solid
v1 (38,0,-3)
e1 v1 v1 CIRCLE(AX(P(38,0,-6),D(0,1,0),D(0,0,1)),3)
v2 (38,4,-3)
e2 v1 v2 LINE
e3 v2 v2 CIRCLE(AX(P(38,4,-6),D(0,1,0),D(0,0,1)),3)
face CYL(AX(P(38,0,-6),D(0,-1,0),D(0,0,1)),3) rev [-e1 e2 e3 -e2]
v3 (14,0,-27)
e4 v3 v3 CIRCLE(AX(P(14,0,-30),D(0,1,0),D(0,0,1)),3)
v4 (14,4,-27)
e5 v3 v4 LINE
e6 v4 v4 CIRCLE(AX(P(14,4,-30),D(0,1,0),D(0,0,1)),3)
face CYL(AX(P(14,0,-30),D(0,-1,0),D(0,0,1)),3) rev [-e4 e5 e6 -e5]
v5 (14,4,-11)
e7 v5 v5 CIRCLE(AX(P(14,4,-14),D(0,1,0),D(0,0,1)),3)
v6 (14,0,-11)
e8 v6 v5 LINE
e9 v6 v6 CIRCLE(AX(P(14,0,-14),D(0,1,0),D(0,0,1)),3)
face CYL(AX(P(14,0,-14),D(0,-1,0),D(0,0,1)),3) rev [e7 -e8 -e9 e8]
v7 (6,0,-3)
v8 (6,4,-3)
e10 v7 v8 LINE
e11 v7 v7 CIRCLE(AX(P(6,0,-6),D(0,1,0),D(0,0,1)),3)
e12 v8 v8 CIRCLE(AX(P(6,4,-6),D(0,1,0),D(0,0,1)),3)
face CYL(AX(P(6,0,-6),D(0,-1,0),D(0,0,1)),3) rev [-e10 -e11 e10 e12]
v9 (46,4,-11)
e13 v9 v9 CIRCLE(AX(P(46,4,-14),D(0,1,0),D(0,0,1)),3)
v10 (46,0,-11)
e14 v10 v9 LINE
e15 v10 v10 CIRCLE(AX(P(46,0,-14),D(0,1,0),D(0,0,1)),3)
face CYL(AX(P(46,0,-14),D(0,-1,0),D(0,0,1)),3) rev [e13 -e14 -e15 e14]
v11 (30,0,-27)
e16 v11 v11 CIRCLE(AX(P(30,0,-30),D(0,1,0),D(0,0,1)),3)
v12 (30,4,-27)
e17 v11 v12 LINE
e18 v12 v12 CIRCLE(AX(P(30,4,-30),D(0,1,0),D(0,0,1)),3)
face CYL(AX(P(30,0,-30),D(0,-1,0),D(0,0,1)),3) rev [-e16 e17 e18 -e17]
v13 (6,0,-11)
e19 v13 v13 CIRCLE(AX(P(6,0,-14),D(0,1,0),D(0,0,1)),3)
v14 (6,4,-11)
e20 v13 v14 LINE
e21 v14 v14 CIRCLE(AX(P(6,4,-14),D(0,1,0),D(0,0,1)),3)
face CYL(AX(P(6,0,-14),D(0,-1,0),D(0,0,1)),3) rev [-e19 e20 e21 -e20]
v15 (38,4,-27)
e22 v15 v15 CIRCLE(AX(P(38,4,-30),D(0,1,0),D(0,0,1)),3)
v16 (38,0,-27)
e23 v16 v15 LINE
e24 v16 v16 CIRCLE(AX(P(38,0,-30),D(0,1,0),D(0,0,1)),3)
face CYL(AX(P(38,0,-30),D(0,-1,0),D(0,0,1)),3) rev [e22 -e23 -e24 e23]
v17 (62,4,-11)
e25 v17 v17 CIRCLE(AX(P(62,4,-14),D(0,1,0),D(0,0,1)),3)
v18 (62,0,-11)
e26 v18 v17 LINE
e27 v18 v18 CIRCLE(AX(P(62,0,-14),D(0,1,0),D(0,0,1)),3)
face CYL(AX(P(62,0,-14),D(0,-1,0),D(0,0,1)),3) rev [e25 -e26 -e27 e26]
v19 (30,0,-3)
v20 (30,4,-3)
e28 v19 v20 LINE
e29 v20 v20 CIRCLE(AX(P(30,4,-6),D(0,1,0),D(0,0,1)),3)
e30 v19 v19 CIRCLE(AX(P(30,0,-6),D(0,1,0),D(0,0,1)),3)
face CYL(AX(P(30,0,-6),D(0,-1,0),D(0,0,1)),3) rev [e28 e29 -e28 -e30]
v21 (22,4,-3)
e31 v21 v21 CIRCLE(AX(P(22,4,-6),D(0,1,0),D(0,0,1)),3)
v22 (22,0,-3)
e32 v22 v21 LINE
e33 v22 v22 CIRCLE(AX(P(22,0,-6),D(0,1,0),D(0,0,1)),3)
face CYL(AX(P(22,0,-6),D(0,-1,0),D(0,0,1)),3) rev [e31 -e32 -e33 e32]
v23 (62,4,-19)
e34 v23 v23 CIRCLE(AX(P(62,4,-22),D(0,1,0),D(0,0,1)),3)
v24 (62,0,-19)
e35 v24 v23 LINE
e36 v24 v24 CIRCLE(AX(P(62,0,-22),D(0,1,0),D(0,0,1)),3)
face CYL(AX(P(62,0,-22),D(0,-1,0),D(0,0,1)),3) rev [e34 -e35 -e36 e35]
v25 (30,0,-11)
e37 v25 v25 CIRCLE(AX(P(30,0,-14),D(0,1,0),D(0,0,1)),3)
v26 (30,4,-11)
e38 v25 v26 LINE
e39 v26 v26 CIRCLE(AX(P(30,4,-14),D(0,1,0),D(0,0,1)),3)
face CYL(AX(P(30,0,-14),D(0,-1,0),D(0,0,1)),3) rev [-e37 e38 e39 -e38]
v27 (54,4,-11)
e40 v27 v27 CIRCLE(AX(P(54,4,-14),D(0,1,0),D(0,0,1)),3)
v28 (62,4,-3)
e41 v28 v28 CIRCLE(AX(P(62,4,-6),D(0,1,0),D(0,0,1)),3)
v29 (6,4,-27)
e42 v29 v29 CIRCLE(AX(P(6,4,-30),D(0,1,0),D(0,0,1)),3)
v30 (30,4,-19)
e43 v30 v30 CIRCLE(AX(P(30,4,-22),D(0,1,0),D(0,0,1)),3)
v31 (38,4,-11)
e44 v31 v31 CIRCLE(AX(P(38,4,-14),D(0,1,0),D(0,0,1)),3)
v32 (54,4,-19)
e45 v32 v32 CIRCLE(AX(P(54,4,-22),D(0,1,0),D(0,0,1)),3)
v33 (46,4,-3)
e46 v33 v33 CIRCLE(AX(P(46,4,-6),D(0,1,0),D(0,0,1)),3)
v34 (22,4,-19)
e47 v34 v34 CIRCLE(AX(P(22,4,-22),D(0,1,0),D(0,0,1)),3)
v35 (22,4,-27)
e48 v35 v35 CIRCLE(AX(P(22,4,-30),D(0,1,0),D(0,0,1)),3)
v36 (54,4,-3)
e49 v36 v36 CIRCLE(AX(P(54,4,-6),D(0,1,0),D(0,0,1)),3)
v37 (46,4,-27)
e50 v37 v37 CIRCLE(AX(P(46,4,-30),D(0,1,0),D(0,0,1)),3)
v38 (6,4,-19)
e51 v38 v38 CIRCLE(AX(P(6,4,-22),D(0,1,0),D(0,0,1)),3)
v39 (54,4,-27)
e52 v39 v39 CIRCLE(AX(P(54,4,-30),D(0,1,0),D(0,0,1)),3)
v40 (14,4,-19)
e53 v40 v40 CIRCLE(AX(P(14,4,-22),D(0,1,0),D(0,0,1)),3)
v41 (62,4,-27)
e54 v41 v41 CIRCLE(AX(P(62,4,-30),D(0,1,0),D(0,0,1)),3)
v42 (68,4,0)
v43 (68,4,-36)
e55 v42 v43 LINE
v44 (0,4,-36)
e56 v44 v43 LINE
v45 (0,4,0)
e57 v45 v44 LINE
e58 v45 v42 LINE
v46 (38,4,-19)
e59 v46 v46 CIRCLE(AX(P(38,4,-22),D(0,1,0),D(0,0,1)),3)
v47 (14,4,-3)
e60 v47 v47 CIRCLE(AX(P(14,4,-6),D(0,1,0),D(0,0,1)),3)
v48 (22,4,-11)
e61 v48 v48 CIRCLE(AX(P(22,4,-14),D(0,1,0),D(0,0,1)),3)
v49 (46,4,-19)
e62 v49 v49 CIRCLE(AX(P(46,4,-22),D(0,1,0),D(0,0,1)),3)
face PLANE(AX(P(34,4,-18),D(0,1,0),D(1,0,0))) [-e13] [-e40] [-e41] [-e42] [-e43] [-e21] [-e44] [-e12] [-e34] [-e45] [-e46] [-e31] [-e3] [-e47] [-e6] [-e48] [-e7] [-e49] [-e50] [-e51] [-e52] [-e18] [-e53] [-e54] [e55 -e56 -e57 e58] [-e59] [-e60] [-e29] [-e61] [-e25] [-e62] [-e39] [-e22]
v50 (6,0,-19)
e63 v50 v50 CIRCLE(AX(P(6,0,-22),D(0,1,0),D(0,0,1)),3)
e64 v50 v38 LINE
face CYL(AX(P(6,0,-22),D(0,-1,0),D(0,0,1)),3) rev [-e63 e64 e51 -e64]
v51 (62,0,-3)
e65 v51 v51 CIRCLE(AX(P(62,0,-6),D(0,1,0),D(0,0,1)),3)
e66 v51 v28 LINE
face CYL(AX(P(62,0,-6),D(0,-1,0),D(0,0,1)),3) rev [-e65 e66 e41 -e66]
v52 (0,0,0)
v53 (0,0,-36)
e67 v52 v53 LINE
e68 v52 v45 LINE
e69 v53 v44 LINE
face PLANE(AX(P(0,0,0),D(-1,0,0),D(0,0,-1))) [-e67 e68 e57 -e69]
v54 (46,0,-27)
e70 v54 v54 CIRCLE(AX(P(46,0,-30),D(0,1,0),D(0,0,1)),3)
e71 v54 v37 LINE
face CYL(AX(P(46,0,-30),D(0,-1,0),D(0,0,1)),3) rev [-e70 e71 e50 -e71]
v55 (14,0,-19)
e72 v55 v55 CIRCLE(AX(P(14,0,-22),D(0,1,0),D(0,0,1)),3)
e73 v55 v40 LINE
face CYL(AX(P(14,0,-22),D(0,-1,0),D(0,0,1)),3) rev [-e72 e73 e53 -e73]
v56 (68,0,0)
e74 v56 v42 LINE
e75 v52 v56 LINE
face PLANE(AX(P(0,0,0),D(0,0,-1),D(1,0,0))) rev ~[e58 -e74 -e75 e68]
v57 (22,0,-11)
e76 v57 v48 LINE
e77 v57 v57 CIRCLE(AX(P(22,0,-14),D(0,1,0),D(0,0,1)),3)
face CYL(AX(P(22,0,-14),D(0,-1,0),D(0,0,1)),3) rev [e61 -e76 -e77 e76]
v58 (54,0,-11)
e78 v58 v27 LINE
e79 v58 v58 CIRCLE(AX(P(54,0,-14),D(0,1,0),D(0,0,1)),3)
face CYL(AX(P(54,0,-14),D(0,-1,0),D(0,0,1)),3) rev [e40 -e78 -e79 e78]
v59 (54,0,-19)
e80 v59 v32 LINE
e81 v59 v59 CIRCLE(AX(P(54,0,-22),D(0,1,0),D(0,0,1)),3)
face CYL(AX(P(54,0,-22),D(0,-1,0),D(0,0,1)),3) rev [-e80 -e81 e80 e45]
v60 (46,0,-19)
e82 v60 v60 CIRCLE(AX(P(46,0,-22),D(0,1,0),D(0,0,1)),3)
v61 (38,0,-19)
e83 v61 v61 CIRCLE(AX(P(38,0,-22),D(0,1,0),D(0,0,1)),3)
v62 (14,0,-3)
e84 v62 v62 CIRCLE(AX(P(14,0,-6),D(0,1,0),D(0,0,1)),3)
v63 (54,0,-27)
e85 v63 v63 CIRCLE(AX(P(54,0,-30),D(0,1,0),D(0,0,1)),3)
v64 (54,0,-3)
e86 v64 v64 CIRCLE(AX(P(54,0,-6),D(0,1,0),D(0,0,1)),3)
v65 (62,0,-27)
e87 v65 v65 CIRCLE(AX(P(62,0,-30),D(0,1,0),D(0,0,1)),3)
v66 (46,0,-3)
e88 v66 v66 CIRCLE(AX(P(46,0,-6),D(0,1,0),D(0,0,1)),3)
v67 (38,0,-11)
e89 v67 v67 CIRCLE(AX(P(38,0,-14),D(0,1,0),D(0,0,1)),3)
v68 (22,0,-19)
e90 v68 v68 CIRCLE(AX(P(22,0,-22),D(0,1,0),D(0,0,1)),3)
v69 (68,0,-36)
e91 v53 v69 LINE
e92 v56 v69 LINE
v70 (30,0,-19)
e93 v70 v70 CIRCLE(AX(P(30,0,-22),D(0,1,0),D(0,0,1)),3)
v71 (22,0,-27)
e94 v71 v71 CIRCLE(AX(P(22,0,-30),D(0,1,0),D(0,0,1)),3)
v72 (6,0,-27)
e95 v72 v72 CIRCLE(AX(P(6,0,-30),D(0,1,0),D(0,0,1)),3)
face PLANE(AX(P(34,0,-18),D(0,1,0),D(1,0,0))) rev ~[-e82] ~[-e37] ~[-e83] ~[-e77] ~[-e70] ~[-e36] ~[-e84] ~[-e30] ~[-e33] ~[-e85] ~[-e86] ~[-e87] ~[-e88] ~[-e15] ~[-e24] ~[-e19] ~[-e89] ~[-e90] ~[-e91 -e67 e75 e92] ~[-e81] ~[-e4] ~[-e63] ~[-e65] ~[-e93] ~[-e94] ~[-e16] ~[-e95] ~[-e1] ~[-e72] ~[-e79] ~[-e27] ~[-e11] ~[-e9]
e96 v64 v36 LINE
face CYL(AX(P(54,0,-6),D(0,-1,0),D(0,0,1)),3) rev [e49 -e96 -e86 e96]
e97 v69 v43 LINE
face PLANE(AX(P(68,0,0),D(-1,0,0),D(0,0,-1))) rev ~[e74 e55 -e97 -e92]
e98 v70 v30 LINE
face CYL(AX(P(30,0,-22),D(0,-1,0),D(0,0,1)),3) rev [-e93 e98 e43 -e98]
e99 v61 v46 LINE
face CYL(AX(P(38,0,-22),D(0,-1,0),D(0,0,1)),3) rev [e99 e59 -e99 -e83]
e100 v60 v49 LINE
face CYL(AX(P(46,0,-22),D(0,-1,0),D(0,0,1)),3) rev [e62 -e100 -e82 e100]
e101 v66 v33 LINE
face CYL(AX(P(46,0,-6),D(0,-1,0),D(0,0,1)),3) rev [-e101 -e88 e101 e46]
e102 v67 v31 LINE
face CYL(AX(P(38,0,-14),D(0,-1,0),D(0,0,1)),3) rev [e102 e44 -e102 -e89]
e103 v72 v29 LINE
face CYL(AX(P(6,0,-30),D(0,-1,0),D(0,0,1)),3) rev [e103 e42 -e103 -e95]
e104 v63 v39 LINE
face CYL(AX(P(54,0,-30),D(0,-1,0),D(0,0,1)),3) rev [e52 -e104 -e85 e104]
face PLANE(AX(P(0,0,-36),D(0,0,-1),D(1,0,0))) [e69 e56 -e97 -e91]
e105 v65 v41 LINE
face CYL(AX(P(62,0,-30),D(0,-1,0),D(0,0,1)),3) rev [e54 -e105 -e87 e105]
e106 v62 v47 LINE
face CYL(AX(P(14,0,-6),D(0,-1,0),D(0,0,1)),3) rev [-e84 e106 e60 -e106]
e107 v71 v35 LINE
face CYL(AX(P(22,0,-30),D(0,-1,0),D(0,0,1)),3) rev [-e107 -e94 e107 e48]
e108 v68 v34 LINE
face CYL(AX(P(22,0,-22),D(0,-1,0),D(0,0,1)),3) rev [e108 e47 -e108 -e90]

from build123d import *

# Parameters (mm, degrees)
SKETCH1_W           = 68
SKETCH1_H           = 36
SKETCH1_R           = 3
BOSS_EXTRUDE1_DEPTH = 4


with BuildPart() as part:
    # Sketch1 → Boss-Extrude1 (new body)
    with BuildSketch(Plane(origin=(0, 0, 0), x_dir=(1, 0, 0), z_dir=(0, 1, 0))):
        with Locations((34, 18)):
            Rectangle(SKETCH1_W, SKETCH1_H)
        with Locations(Location((6, 6, 0), (0, 0, 270))):
            Circle(SKETCH1_R, mode=Mode.SUBTRACT)
        with Locations(Location((14, 6, 0), (0, 0, 270))):
            Circle(SKETCH1_R, mode=Mode.SUBTRACT)
        with Locations(Location((22, 6, 0), (0, 0, 270))):
            Circle(SKETCH1_R, mode=Mode.SUBTRACT)
        with Locations(Location((30, 6, 0), (0, 0, 270))):
            Circle(SKETCH1_R, mode=Mode.SUBTRACT)
        with Locations(Location((38, 6, 0), (0, 0, 270))):
            Circle(SKETCH1_R, mode=Mode.SUBTRACT)
        with Locations(Location((46, 6, 0), (0, 0, 270))):
            Circle(SKETCH1_R, mode=Mode.SUBTRACT)
        with Locations(Location((54, 6, 0), (0, 0, 270))):
            Circle(SKETCH1_R, mode=Mode.SUBTRACT)
        with Locations(Location((62, 6, 0), (0, 0, 270))):
            Circle(SKETCH1_R, mode=Mode.SUBTRACT)
        with Locations(Location((14, 14, 0), (0, 0, 270))):
            Circle(SKETCH1_R, mode=Mode.SUBTRACT)
        with Locations(Location((22, 14, 0), (0, 0, 270))):
            Circle(SKETCH1_R, mode=Mode.SUBTRACT)
        with Locations(Location((30, 14, 0), (0, 0, 270))):
            Circle(SKETCH1_R, mode=Mode.SUBTRACT)
        with Locations(Location((38, 14, 0), (0, 0, 270))):
            Circle(SKETCH1_R, mode=Mode.SUBTRACT)
        with Locations(Location((46, 14, 0), (0, 0, 270))):
            Circle(SKETCH1_R, mode=Mode.SUBTRACT)
        with Locations(Location((54, 14, 0), (0, 0, 270))):
            Circle(SKETCH1_R, mode=Mode.SUBTRACT)
        with Locations(Location((62, 14, 0), (0, 0, 270))):
            Circle(SKETCH1_R, mode=Mode.SUBTRACT)
        with Locations(Location((14, 22, 0), (0, 0, 270))):
            Circle(SKETCH1_R, mode=Mode.SUBTRACT)
        with Locations(Location((22, 22, 0), (0, 0, 270))):
            Circle(SKETCH1_R, mode=Mode.SUBTRACT)
        with Locations(Location((30, 22, 0), (0, 0, 270))):
            Circle(SKETCH1_R, mode=Mode.SUBTRACT)
        with Locations(Location((38, 22, 0), (0, 0, 270))):
            Circle(SKETCH1_R, mode=Mode.SUBTRACT)
        with Locations(Location((46, 22, 0), (0, 0, 270))):
            Circle(SKETCH1_R, mode=Mode.SUBTRACT)
        with Locations(Location((54, 22, 0), (0, 0, 270))):
            Circle(SKETCH1_R, mode=Mode.SUBTRACT)
        with Locations(Location((62, 22, 0), (0, 0, 270))):
            Circle(SKETCH1_R, mode=Mode.SUBTRACT)
        with Locations(Location((14, 30, 0), (0, 0, 270))):
            Circle(SKETCH1_R, mode=Mode.SUBTRACT)
        with Locations(Location((22, 30, 0), (0, 0, 270))):
            Circle(SKETCH1_R, mode=Mode.SUBTRACT)
        with Locations(Location((30, 30, 0), (0, 0, 270))):
            Circle(SKETCH1_R, mode=Mode.SUBTRACT)
        with Locations(Location((38, 30, 0), (0, 0, 270))):
            Circle(SKETCH1_R, mode=Mode.SUBTRACT)
        with Locations(Location((46, 30, 0), (0, 0, 270))):
            Circle(SKETCH1_R, mode=Mode.SUBTRACT)
        with Locations(Location((54, 30, 0), (0, 0, 270))):
            Circle(SKETCH1_R, mode=Mode.SUBTRACT)
        with Locations(Location((62, 30, 0), (0, 0, 270))):
            Circle(SKETCH1_R, mode=Mode.SUBTRACT)
        with Locations(Location((6, 14, 0), (0, 0, 270))):
            Circle(SKETCH1_R, mode=Mode.SUBTRACT)
        with Locations(Location((6, 22, 0), (0, 0, 270))):
            Circle(SKETCH1_R, mode=Mode.SUBTRACT)
        with Locations(Location((6, 30, 0), (0, 0, 270))):
            Circle(SKETCH1_R, mode=Mode.SUBTRACT)
    extrude(amount=BOSS_EXTRUDE1_DEPTH)


solid = part.part
